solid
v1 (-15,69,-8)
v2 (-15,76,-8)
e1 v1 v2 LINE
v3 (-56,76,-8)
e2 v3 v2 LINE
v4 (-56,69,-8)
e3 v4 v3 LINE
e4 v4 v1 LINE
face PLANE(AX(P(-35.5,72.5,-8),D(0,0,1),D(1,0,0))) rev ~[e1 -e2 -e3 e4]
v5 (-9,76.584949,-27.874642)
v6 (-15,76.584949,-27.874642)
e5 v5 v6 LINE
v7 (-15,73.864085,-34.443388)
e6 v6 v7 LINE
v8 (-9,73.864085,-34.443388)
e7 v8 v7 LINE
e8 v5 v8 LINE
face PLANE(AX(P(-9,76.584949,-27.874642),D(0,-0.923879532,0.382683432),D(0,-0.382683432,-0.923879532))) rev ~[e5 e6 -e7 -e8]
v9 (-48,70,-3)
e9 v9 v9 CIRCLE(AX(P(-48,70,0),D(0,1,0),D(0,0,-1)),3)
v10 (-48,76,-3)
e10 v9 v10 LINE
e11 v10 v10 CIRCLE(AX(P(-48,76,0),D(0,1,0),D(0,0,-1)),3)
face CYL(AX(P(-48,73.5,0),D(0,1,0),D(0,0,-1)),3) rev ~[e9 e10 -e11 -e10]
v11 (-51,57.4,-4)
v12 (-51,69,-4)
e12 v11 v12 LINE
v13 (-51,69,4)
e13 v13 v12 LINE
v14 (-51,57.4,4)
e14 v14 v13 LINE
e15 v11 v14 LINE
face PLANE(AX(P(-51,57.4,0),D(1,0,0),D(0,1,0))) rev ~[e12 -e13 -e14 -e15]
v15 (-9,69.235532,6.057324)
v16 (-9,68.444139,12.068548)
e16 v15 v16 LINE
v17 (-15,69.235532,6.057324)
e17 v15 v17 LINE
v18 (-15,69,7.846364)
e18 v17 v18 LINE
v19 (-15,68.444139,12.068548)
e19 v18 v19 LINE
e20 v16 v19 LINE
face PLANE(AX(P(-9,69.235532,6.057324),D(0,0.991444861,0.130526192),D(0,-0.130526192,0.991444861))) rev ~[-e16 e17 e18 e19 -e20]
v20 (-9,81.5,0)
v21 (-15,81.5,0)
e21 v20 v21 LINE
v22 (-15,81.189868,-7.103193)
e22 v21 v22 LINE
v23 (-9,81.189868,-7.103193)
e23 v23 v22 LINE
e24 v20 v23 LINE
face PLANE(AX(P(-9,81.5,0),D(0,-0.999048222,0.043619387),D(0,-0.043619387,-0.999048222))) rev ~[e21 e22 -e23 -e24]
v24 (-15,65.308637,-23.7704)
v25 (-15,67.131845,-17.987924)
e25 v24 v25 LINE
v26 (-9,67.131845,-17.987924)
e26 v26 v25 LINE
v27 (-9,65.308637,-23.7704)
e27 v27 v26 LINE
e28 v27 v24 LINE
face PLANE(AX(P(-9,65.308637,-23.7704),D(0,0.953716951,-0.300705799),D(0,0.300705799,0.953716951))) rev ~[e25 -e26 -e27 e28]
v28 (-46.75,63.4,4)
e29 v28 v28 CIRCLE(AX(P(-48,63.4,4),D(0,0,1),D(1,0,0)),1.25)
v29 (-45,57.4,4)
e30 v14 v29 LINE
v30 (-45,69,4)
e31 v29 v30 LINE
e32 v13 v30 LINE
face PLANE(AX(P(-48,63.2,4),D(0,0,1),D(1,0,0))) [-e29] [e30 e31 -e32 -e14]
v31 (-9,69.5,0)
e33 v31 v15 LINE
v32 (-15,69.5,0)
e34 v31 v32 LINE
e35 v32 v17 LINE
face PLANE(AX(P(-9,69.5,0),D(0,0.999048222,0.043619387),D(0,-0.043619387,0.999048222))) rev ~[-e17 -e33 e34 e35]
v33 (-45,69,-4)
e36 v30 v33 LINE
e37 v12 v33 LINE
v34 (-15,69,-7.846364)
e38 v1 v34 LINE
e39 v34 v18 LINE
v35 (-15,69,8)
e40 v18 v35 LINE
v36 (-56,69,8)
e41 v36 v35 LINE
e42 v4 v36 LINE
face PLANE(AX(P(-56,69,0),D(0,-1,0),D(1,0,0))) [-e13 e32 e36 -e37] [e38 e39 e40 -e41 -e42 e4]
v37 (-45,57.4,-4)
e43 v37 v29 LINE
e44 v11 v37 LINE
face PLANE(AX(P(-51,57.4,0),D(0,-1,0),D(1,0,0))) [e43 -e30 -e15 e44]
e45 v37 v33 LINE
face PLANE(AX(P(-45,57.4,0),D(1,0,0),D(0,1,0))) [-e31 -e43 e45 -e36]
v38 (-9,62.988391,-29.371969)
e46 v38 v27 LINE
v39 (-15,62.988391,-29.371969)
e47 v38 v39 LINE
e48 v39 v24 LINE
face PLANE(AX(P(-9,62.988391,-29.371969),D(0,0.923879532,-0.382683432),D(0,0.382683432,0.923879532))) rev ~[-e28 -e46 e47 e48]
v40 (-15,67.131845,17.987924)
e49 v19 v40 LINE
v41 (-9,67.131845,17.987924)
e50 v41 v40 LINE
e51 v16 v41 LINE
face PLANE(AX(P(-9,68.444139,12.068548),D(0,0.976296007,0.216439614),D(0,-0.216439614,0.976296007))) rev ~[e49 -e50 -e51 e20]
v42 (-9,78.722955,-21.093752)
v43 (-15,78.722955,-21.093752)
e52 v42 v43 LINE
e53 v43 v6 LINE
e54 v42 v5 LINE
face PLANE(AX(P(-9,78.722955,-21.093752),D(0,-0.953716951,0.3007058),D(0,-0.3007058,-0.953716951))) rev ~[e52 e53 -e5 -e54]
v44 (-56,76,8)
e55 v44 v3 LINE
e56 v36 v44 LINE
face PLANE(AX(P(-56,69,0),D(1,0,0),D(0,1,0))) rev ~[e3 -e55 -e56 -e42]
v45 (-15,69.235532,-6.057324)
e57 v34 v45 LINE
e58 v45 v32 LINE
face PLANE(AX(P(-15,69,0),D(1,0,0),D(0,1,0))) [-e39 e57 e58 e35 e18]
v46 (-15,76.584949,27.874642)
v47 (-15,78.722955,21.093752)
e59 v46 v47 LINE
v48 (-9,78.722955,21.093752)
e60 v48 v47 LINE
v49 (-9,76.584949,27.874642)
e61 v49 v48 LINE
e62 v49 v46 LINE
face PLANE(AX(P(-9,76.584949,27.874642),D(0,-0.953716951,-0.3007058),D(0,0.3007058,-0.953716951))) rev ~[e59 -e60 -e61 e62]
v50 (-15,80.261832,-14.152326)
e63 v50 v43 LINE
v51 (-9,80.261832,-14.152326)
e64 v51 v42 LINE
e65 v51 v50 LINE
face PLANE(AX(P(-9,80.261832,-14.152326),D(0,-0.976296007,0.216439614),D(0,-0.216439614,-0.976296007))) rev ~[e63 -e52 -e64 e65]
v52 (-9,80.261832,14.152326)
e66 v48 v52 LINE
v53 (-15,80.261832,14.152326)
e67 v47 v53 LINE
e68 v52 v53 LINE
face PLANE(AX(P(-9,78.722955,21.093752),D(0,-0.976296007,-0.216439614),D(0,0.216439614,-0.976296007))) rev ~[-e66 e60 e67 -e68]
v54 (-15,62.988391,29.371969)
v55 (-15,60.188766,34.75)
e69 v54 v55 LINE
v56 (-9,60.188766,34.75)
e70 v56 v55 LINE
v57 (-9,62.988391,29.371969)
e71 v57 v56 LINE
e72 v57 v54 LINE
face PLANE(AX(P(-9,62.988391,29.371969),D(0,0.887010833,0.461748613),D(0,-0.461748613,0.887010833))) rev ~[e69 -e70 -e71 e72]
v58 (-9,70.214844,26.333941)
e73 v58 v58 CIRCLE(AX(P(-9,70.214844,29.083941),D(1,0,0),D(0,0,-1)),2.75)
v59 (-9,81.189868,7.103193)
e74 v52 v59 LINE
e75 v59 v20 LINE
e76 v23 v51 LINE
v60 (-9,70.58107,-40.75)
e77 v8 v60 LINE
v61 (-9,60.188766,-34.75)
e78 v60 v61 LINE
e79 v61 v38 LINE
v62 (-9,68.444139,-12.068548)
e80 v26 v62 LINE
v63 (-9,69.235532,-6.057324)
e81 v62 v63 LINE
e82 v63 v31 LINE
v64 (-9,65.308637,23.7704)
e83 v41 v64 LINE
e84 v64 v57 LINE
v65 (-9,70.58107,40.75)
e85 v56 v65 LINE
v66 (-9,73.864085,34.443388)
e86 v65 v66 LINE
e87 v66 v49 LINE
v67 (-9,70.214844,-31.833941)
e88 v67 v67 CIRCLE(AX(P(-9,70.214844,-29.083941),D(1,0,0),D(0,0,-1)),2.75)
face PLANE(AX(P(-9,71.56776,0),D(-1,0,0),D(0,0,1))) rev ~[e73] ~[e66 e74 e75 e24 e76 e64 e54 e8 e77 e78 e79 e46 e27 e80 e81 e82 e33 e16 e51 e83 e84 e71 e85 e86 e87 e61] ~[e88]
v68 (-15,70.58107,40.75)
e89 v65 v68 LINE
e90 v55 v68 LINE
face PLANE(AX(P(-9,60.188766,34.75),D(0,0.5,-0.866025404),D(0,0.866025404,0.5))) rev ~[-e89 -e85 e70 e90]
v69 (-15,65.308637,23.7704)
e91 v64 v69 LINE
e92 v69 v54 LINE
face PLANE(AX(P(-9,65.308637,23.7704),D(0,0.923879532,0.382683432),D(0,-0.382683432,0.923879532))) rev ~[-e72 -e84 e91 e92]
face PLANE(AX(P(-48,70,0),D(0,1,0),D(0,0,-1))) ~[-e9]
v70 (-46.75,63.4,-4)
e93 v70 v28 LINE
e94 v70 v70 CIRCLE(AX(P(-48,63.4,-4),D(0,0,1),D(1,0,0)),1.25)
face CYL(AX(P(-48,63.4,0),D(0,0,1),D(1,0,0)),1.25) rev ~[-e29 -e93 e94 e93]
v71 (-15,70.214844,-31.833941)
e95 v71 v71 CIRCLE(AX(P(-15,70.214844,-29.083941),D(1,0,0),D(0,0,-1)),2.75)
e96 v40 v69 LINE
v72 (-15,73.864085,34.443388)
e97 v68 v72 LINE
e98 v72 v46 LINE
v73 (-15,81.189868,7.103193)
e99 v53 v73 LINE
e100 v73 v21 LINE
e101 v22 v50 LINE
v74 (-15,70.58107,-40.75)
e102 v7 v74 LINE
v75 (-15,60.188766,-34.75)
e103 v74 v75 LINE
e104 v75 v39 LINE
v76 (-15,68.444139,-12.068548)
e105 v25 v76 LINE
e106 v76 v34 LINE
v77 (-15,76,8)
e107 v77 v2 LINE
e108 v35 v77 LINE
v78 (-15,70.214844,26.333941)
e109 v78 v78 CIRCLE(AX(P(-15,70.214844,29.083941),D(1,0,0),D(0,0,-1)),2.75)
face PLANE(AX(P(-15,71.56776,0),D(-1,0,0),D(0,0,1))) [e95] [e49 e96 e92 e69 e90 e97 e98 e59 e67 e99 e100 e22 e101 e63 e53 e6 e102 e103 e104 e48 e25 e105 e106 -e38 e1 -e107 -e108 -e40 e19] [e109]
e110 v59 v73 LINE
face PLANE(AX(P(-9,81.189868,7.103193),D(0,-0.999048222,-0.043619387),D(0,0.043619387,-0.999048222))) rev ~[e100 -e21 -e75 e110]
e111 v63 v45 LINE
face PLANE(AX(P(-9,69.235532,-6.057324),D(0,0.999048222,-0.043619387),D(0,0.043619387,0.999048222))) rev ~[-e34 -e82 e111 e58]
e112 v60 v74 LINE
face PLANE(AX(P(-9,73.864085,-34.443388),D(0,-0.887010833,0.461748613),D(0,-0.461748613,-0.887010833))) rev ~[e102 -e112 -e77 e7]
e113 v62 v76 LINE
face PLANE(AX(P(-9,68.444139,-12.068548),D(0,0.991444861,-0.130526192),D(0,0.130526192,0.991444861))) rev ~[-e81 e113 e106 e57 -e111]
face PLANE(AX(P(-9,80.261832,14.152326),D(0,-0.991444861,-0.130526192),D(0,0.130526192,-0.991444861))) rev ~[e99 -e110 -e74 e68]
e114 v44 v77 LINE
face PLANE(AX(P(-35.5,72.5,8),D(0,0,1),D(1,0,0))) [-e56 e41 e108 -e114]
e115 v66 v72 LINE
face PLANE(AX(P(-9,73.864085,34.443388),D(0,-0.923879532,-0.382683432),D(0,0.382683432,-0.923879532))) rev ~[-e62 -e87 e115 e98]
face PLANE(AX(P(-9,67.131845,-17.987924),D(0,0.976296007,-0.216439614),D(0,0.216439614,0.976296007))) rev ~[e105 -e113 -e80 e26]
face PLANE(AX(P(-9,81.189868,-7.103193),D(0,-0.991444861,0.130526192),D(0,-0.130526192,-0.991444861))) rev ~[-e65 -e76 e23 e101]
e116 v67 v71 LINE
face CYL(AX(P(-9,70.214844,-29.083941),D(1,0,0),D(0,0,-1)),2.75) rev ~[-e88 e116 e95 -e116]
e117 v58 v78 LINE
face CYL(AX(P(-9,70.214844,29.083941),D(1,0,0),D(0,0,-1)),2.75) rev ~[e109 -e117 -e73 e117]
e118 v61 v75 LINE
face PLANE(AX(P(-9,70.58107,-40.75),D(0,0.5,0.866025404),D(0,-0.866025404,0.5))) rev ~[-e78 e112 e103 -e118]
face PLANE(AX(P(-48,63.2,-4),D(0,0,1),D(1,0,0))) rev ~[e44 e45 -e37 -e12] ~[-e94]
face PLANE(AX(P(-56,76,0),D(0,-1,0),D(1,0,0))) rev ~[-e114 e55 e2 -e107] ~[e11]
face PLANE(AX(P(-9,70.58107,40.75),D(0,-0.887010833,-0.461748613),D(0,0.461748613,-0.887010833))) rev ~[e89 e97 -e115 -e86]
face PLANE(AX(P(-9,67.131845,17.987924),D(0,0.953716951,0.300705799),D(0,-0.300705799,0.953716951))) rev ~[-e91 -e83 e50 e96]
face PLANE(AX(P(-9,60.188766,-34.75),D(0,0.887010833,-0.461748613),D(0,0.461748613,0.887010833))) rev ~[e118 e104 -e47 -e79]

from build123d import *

# Parameters (mm, degrees)
FOOT_DEPTH                     = 6
RISER_SKETCH_W                 = 41
RISER_SKETCH_H                 = 7
RISER_DEPTH                    = 8
TAB_SKETCH_W                   = 6
TAB_SKETCH_H                   = 11.6
PUSHROD_TAB_DEPTH              = 4
PIN_HOLE_SKETCH_W              = 3
PIN_HOLE_SKETCH_H              = 7
BALL_JOINT_HOLE_SKETCH_R       = 1.25
BALL_JOINT_HOLE_DEPTH          = 5
FOOT_BOLT_HOLE_22_5_SKETCH_R   = 2.75
FOOT_BOLT_HOLE_22_5_DEPTH      = 6
FOOT_BOLT_HOLE_22_5_SKETCH_2_R = 2.75
FOOT_BOLT_HOLE_22_5_2_DEPTH    = 6


with BuildPart() as part:
    # Foot Sketch → Foot (new body)
    with BuildSketch(Plane(origin=(-9, 0, 0), x_dir=(0, 0, -1), z_dir=(1, 0, 0))):
        Polygon((-40.75, 70.581070408), (-34.443388332, 73.864084643), (-27.874641681, 76.584948594), (-21.093752176, 78.722954843), (-14.15232648, 80.26183187), (-7.103193034, 81.189867894), (0, 81.5), (7.103193034, 81.189867894), (14.15232648, 80.26183187), (21.093752176, 78.722954843), (27.874641681, 76.584948594), (34.443388332, 73.864084643), (40.75, 70.581070408), (34.75, 60.188765563), (29.371969191, 62.988391199), (23.770399961, 65.308637145), (17.987923635, 67.131844927), (12.068548348, 68.444138834), (6.057324121, 69.235531517), (0, 69.5), (-6.057324121, 69.235531517), (-12.068548348, 68.444138834), (-17.987923635, 67.131844927), (-23.770399961, 65.308637145), (-29.371969191, 62.988391199), (-34.75, 60.188765563), align=None)
    extrude(amount=-FOOT_DEPTH)

    # Riser Sketch → Riser (add, symmetric)
    with BuildSketch(Plane.XY):
        with Locations((-35.5, 72.5)):
            Rectangle(RISER_SKETCH_W, RISER_SKETCH_H)
    extrude(amount=RISER_DEPTH, both=True)

    # Tab Sketch → Pushrod Tab (add, symmetric)
    with BuildSketch(Plane.XY):
        with Locations((-48, 63.2)):
            Rectangle(TAB_SKETCH_W, TAB_SKETCH_H)
    extrude(amount=PUSHROD_TAB_DEPTH, both=True)

    # Pin Hole Sketch → Pin Hole (revolve, cut)
    with BuildSketch(Plane.XY, mode=Mode.PRIVATE) as pin_hole_sk:
        with Locations((-46.5, 73.5)):
            Rectangle(PIN_HOLE_SKETCH_W, PIN_HOLE_SKETCH_H)
    revolve(pin_hole_sk.sketch.rotate(Axis((-48, 59, 0), (0, 1, 0)), 90), axis=Axis((-48, 59, 0), (0, 1, 0)), mode=Mode.SUBTRACT)

    # Ball Joint Hole Sketch → Ball Joint Hole (cut, symmetric)
    with BuildSketch(Plane.XY):
        with Locations((-48, 63.4)):
            Circle(BALL_JOINT_HOLE_SKETCH_R)
    extrude(amount=BALL_JOINT_HOLE_DEPTH, both=True, mode=Mode.SUBTRACT)

    # Foot Bolt Hole _22.5 Sketch → Foot Bolt Hole _22.5 (cut)
    with BuildSketch(Plane(origin=(-9, 0, 0), x_dir=(0, 0, -1), z_dir=(1, 0, 0))):
        with Locations((29.08394086, 70.214844471)):
            Circle(FOOT_BOLT_HOLE_22_5_SKETCH_R)
    extrude(amount=-FOOT_BOLT_HOLE_22_5_DEPTH, mode=Mode.SUBTRACT)

    # Foot Bolt Hole -22.5 Sketch 2 → Foot Bolt Hole -22.5 2 (cut)
    with BuildSketch(Plane(origin=(-9, 0, 0), x_dir=(0, 0, -1), z_dir=(1, 0, 0))):
        with Locations((-29.08394086, 70.214844471)):
            Circle(FOOT_BOLT_HOLE_22_5_SKETCH_2_R)
    extrude(amount=-FOOT_BOLT_HOLE_22_5_2_DEPTH, mode=Mode.SUBTRACT)


solid = part.part
